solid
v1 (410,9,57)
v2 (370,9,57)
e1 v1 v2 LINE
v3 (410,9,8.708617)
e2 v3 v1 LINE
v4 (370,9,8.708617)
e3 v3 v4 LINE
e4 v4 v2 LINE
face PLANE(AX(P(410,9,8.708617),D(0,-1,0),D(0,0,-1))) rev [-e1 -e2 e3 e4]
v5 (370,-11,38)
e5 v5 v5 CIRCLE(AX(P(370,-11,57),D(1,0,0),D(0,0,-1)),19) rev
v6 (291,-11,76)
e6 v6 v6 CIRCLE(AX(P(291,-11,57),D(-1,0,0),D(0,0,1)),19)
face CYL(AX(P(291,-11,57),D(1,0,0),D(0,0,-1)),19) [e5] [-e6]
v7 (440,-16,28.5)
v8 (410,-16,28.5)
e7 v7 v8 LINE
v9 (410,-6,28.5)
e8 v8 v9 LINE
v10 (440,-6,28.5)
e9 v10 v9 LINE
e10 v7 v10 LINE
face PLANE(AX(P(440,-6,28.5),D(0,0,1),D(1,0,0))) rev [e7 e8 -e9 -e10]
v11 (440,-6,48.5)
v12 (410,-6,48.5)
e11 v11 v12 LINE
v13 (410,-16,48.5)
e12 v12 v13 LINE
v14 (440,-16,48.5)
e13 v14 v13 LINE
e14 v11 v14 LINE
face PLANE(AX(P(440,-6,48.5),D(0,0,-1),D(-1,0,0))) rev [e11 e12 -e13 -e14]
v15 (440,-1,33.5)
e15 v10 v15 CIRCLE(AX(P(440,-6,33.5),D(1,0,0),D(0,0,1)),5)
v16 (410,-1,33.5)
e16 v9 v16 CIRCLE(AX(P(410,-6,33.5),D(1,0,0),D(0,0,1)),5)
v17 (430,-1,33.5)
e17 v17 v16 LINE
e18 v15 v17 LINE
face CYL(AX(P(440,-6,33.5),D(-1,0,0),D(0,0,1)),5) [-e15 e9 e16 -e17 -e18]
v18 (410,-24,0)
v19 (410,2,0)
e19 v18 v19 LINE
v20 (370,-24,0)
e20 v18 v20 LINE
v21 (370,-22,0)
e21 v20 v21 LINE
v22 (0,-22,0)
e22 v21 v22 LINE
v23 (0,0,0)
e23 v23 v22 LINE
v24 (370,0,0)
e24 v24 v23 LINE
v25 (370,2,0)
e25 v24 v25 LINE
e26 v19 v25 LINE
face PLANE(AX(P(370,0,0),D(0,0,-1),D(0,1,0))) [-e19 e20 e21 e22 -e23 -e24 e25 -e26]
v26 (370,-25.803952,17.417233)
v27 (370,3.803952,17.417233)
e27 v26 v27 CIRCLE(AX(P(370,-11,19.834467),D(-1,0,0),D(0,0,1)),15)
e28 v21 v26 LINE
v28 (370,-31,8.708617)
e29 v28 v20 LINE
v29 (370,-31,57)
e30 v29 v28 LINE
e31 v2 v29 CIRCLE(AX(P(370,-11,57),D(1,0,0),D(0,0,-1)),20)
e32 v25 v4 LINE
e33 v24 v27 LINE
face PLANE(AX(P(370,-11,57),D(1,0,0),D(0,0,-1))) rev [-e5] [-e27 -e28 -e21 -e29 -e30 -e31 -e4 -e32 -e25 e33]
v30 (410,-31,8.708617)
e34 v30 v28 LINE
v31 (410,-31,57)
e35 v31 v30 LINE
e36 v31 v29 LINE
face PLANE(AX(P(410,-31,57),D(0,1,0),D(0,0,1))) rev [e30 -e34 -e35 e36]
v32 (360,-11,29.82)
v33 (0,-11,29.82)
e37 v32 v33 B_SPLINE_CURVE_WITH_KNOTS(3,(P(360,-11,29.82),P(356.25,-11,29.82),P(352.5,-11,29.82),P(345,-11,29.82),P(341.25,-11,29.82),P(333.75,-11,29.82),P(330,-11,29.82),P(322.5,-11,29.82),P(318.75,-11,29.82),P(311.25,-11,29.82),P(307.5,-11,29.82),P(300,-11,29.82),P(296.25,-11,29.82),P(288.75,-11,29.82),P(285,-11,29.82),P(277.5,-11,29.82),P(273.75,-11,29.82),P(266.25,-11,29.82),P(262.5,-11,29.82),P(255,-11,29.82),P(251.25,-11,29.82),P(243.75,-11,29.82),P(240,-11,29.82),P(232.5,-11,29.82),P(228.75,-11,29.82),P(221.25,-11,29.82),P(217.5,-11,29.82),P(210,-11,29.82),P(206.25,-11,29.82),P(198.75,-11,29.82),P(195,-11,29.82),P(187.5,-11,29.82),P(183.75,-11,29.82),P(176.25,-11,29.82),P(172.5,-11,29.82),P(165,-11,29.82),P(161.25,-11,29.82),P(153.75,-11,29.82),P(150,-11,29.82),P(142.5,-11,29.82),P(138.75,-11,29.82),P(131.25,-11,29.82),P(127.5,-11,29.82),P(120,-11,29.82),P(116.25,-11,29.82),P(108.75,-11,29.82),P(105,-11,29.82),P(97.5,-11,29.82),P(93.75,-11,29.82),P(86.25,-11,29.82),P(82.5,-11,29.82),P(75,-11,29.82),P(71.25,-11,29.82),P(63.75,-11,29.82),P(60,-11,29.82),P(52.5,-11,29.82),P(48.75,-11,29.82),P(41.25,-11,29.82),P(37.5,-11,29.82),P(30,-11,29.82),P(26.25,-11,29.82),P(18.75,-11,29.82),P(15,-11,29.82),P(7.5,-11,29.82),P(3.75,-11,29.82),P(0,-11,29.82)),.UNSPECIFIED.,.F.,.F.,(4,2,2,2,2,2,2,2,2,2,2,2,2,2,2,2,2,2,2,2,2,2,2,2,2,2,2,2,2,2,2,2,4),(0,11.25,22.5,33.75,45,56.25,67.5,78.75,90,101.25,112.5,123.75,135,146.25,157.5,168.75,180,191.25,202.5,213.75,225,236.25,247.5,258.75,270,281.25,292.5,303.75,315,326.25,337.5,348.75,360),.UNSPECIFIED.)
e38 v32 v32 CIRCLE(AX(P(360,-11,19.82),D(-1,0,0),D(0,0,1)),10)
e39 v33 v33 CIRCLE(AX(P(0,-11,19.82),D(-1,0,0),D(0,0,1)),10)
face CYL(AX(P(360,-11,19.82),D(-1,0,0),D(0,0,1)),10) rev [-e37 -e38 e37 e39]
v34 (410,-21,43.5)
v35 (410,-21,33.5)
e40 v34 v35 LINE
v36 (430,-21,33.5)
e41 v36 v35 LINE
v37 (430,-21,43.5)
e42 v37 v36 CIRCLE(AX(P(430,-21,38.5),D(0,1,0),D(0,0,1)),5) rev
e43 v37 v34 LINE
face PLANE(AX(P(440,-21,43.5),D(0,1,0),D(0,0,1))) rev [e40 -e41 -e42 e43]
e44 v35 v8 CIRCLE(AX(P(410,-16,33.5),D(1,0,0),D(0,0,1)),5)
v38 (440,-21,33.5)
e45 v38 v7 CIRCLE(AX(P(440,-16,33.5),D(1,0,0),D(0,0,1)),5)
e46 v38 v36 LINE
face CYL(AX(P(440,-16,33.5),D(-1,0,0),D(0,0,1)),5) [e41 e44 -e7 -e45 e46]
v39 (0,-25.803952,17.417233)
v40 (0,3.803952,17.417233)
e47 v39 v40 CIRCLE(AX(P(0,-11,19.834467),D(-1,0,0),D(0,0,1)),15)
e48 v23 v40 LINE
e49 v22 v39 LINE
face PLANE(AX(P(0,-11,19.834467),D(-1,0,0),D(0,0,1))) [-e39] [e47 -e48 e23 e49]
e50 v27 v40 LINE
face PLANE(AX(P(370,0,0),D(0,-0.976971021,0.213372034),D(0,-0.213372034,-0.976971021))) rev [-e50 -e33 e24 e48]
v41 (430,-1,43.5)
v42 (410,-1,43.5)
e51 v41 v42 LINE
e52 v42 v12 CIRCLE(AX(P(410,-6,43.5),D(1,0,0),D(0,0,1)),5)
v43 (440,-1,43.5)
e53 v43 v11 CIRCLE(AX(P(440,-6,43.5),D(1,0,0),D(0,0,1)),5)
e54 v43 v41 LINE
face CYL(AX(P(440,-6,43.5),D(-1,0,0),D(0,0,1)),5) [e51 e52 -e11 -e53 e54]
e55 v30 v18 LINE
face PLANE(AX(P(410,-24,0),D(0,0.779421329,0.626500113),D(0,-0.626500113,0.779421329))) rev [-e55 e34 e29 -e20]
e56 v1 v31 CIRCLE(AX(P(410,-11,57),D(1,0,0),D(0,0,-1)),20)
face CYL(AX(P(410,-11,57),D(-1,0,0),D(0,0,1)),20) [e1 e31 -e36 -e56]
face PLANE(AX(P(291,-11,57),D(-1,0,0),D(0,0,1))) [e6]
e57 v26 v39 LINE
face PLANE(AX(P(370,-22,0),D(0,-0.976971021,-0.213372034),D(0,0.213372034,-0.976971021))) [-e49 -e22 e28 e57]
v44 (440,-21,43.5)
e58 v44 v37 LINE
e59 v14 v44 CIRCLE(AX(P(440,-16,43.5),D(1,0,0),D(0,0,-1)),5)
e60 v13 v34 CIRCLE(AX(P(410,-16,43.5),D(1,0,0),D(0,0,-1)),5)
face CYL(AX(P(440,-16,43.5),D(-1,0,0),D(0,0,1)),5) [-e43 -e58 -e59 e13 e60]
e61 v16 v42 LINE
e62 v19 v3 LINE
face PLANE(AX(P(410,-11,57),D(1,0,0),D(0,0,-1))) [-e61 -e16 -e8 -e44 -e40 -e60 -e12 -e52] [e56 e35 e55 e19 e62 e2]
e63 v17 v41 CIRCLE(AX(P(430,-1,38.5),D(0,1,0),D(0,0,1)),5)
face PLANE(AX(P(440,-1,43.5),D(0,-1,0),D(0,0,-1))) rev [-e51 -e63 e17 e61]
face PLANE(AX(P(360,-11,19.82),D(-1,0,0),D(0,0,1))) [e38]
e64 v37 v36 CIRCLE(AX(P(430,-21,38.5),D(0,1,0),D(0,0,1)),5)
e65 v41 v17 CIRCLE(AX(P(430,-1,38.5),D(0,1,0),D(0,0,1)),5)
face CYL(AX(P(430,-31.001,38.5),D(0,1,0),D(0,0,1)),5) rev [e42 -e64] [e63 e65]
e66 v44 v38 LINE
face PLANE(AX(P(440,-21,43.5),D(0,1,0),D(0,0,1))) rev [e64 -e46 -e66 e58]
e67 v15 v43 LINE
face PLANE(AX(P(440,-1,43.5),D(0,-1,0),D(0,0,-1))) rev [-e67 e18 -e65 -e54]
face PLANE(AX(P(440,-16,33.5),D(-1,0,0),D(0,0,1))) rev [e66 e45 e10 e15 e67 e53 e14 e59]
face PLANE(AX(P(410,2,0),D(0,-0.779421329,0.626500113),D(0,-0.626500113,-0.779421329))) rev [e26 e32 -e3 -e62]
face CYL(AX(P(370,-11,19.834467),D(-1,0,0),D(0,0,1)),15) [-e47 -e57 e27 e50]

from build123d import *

# Parameters (mm, degrees)
SALIENTE_EXTRUIR2_DEPTH = 370
CROQUIS3_R              = 10
CORTAR_EXTRUIR1_DEPTH   = 360
SALIENTE_EXTRUIR3_DEPTH = 40
SALIENTE_EXTRUIR4_DEPTH = 30
CORTAR_EXTRUIR2_REACH   = 449.693
CROQUIS6_R              = 5
CROQUIS7_R              = 19
SALIENTE_EXTRUIR5_DEPTH = 79


with BuildPart() as part:
    # Croquis2 → Saliente-Extruir2 (new body)
    with BuildSketch(Plane(origin=(0, 0, 0), x_dir=(0, 0, -1), z_dir=(1, 0, 0))):
        with BuildLine():
            Line((0, 0), (0, -22))
            Line((0, -22), (-17.417233251, -25.803951615))
            ThreePointArc((-17.417233251, -25.803951615), (-34.834466503, -11), (-17.417233251, 3.803951615))
            Line((-17.417233251, 3.803951615), (0, 0))
        make_face()
    extrude(amount=SALIENTE_EXTRUIR2_DEPTH)

    # Croquis3 → Cortar-Extruir1 (cut)
    with BuildSketch(Plane.ZY):
        with Locations((19.82, -11)):
            Circle(CROQUIS3_R)
    extrude(amount=-CORTAR_EXTRUIR1_DEPTH, mode=Mode.SUBTRACT)

    # Croquis4 → Saliente-Extruir3 (add)
    with BuildSketch(Plane(origin=(370, 0, 0), x_dir=(0, 0, -1), z_dir=(1, 0, 0))):
        with BuildLine():
            Line((0, -11), (0, 2))
            Line((0, 2), (-8.708616626, 9))
            Line((-8.708616626, 9), (-57, 9))
            ThreePointArc((-57, 9), (-77, -11), (-57, -31))
            Line((-57, -31), (-8.708616626, -31))
            Line((-8.708616626, -31), (0, -24))
            Line((0, -24), (0, -11))
        make_face()
    extrude(amount=SALIENTE_EXTRUIR3_DEPTH)

    # Croquis5 → Saliente-Extruir4 (add)
    with BuildSketch(Plane(origin=(410, 0, 0), x_dir=(0, 0, -1), z_dir=(1, 0, 0))):
        with BuildLine():
            Line((-43.5, -1), (-33.5, -1))
            ThreePointArc((-33.5, -1), (-29.964466094, -2.464466094), (-28.5, -6))
            Line((-28.5, -6), (-28.5, -16))
            ThreePointArc((-28.5, -16), (-29.964466094, -19.535533906), (-33.5, -21))
            Line((-33.5, -21), (-43.5, -21))
            ThreePointArc((-43.5, -21), (-47.035533906, -19.535533906), (-48.5, -16))
            Line((-48.5, -16), (-48.5, -6))
            ThreePointArc((-48.5, -6), (-47.035533906, -2.464466094), (-43.5, -1))
        make_face()
    extrude(amount=SALIENTE_EXTRUIR4_DEPTH)

    # Croquis6 → Cortar-Extruir2 (cut, up to next)
    with BuildSketch(Plane(origin=(0, -1, 0), x_dir=(1, 0, 0), z_dir=(0, 1, 0)), mode=Mode.PRIVATE) as cortar_extruir2_sk1:
        with Locations(Location((430, -38.5, 0), (0, 0, 270))):
            Circle(CROQUIS6_R)
    cortar_extruir2_tool1 = extrude(cortar_extruir2_sk1.sketch, amount=-CORTAR_EXTRUIR2_REACH, mode=Mode.PRIVATE) & part.part
    add(cortar_extruir2_tool1.solids().sort_by_distance((430, -1, 38.5))[0], mode=Mode.SUBTRACT)

    # Croquis7 → Saliente-Extruir5 (add)
    with BuildSketch(Plane.ZY.offset(-370)):
        with Locations(Location((57, -11, 0), (0, 0, 180))):
            Circle(CROQUIS7_R)
    extrude(amount=SALIENTE_EXTRUIR5_DEPTH)


solid = part.part
